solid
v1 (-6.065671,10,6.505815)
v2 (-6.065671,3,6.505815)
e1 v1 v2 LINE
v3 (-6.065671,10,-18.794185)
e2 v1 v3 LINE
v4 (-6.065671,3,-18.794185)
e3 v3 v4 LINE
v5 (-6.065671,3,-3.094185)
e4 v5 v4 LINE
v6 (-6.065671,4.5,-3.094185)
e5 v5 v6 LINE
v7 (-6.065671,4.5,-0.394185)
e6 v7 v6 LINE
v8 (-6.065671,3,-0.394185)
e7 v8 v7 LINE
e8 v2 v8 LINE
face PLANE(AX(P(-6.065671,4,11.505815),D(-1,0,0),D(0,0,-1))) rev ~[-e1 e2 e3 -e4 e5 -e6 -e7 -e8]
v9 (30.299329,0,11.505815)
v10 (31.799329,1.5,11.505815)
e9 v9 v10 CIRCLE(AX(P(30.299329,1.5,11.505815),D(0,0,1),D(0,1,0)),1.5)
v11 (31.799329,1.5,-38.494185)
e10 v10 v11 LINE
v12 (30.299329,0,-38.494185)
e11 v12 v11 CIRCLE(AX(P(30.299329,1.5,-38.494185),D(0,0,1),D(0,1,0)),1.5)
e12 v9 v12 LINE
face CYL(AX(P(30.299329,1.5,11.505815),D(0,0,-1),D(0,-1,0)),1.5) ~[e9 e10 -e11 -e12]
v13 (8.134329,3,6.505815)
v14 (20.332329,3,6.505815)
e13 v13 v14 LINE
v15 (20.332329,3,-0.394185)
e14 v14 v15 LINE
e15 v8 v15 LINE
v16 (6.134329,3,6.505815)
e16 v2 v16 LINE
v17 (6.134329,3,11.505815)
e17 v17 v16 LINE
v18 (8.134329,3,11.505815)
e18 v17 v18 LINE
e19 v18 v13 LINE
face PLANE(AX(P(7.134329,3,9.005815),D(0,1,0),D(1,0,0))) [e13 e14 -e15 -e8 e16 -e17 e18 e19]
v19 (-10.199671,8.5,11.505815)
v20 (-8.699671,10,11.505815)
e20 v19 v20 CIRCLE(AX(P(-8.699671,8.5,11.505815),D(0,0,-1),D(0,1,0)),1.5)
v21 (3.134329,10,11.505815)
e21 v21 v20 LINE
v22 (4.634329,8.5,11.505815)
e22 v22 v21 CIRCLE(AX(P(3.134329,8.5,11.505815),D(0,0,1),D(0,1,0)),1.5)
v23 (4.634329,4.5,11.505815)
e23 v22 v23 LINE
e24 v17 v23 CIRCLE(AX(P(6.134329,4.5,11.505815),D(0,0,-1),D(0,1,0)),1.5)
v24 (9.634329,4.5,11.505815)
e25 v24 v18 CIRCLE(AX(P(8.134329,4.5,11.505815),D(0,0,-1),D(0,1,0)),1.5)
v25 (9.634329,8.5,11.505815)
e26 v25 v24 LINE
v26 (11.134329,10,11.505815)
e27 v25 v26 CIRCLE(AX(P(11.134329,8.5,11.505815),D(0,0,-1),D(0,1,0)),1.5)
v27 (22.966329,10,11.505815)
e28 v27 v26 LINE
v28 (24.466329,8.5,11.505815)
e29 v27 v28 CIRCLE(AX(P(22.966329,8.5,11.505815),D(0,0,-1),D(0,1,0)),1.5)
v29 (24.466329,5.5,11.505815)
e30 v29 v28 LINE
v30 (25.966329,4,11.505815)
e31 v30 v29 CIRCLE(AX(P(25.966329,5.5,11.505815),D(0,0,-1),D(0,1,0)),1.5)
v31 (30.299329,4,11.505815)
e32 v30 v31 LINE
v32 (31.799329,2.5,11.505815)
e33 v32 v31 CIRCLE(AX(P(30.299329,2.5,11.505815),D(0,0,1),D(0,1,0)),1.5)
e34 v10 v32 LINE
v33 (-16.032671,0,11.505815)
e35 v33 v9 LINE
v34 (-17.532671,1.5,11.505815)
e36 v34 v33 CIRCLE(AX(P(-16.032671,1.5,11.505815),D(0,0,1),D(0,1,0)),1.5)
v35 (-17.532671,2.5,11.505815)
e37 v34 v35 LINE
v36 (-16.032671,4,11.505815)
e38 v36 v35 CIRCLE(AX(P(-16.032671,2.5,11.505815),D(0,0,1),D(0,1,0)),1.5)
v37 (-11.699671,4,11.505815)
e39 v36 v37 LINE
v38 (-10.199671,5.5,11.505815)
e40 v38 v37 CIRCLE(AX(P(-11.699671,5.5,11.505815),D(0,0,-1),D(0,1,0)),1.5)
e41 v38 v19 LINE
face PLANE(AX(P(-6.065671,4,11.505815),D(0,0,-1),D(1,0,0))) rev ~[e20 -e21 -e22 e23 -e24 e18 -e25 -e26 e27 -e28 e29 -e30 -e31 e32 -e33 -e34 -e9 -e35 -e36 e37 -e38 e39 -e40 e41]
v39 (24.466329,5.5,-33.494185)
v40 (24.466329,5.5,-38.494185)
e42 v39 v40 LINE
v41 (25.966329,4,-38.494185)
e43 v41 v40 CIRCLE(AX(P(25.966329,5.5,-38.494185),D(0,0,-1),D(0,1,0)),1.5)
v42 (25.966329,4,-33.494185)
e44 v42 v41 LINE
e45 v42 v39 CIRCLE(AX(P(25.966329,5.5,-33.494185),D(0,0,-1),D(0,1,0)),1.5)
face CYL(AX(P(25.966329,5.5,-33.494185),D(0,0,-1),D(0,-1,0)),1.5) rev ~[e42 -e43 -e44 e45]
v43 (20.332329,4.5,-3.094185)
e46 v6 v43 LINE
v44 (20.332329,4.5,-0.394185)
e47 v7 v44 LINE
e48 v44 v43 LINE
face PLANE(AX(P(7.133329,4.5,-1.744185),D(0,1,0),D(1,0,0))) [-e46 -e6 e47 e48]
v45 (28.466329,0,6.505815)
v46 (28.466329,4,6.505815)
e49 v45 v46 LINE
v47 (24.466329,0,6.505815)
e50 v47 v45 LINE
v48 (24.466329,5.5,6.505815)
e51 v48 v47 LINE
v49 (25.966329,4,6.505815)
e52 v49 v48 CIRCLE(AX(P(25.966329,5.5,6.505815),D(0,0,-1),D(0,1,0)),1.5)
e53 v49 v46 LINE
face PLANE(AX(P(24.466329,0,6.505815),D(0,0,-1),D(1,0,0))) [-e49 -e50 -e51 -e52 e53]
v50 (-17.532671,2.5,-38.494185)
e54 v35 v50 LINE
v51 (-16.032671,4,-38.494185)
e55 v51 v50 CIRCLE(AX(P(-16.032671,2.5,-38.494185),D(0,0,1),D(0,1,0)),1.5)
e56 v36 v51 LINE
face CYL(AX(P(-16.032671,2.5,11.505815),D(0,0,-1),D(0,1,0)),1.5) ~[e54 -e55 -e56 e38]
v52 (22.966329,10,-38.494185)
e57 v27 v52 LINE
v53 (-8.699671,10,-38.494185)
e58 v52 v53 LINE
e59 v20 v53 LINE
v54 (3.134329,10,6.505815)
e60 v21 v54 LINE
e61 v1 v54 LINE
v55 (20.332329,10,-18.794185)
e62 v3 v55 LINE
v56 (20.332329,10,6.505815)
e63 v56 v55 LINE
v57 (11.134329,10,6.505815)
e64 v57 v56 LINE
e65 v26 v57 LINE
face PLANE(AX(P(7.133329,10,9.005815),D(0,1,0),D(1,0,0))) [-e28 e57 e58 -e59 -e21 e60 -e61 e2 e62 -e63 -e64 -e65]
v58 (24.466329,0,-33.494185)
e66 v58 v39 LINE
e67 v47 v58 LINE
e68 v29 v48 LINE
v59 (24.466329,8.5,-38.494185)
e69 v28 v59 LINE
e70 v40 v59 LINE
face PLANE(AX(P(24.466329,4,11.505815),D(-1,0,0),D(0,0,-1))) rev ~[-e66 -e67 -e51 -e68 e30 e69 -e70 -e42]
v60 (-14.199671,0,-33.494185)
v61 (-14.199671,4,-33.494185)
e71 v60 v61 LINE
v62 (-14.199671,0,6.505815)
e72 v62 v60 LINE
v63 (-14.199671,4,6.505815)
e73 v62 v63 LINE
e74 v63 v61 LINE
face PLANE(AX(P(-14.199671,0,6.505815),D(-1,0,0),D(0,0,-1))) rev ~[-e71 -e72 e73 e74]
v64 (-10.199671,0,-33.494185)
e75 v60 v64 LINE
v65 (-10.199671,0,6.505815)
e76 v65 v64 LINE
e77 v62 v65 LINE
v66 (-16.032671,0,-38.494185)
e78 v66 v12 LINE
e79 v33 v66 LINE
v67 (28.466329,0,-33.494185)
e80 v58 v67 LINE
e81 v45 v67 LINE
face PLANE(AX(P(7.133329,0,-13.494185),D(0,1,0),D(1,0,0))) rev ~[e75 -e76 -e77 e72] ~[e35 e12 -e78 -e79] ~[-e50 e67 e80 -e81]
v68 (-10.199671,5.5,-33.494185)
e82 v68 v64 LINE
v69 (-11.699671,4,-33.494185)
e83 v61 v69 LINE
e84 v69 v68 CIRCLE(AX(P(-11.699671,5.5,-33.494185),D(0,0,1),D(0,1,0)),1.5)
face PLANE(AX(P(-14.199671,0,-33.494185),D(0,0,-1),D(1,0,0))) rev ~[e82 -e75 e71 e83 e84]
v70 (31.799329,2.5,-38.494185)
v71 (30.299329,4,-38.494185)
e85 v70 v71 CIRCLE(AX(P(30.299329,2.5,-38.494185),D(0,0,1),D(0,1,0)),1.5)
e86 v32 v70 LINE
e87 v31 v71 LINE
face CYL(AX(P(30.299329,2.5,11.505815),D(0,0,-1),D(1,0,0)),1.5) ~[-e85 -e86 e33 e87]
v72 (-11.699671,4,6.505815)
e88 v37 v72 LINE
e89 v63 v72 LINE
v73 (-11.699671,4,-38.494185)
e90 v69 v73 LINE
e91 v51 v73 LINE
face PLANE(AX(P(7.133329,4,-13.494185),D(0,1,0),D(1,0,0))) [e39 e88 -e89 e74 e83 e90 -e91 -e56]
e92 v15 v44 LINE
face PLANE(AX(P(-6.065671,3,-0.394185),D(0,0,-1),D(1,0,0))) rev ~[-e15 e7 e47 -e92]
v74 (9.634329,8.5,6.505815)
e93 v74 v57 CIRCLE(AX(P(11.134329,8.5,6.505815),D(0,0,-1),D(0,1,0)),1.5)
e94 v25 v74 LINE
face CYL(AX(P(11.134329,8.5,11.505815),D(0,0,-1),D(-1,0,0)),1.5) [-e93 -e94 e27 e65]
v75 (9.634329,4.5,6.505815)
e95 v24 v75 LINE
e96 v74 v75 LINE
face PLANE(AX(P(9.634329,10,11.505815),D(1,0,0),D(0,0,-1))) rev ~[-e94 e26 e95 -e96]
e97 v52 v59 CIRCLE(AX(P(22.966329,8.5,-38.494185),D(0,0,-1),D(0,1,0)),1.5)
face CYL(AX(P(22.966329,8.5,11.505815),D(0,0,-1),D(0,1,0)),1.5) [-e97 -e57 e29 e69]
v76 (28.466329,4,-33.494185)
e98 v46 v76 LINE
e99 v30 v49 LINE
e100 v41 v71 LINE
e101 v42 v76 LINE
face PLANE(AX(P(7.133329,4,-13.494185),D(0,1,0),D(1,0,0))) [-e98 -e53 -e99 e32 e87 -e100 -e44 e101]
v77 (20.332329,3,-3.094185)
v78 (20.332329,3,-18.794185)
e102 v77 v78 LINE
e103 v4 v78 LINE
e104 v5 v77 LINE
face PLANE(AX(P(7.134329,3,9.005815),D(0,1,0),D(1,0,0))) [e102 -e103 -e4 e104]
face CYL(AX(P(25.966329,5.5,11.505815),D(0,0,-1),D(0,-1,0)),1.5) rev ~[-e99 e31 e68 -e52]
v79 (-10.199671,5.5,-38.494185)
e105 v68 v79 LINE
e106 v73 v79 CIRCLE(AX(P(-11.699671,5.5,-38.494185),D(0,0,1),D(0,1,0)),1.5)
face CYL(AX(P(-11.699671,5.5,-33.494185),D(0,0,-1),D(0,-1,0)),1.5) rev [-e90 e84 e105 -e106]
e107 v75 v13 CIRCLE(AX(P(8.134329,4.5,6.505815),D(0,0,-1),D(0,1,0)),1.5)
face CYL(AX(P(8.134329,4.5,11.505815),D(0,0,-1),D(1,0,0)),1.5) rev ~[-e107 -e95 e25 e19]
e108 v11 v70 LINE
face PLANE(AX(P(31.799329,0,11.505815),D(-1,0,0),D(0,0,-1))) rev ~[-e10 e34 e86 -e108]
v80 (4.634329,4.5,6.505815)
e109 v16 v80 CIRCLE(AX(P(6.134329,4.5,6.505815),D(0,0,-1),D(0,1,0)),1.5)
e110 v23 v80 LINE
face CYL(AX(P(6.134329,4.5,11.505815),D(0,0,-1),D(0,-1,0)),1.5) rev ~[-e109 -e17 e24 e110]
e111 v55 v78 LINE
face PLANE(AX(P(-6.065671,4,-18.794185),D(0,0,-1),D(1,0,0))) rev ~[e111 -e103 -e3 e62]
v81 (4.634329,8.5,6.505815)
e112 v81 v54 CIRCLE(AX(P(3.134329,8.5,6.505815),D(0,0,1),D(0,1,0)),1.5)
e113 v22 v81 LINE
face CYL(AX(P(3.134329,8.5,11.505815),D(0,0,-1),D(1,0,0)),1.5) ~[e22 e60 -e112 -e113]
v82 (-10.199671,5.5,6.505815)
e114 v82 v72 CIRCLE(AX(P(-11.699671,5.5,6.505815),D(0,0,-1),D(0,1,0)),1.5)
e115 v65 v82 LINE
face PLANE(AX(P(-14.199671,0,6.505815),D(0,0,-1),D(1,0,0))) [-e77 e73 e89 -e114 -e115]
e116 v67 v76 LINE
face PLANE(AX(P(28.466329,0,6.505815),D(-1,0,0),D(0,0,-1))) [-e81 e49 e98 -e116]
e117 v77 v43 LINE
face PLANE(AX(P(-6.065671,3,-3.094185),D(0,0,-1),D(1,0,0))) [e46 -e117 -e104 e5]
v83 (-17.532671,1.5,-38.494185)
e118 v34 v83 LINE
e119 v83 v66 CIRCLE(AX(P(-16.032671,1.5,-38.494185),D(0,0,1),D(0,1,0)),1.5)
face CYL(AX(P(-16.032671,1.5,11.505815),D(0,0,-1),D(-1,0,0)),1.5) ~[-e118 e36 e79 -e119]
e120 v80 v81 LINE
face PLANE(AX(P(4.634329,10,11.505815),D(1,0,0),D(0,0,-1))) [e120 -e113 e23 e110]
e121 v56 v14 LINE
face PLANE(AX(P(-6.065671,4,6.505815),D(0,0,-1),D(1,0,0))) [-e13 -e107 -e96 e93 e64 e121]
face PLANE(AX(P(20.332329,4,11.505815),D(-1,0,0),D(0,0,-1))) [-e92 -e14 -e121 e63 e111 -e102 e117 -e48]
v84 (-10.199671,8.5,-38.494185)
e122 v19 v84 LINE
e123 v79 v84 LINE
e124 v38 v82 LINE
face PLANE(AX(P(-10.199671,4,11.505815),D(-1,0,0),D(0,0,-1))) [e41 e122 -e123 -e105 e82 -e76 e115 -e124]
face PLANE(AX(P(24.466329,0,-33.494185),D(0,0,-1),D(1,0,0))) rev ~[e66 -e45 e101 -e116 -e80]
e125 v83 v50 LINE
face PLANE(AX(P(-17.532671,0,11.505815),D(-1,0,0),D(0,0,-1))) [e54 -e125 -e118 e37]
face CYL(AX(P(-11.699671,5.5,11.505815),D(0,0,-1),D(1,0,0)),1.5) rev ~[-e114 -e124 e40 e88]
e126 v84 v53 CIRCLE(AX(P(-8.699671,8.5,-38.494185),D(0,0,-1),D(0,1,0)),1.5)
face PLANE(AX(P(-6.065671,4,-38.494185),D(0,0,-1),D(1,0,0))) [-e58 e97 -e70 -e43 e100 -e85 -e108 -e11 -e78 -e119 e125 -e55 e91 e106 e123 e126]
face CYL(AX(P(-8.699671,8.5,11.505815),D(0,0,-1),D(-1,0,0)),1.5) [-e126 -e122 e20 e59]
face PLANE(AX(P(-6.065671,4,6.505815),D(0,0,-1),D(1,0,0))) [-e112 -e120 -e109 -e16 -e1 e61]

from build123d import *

# Parameters (mm, degrees)
SKETCH1_W            = 49.332
SKETCH1_H            = 50
SKETCH1_W_2          = 4
SKETCH1_H_2          = 40
BOSS_EXTRUDE1_DEPTH  = 4
SKETCH2_W            = 4.134
SKETCH2_H            = 50
BOSS_EXTRUDE2_DEPTH  = 6
SKETCH8_W            = 4.134
SKETCH8_H            = 50
BOSS_EXTRUDE6_DEPTH  = 6
SKETCH9_W            = 26.398
SKETCH9_H            = 19.7
BOSS_EXTRUDE7_DEPTH  = 6
SKETCH10_W           = 26.398
SKETCH10_H           = 5
BOSS_EXTRUDE8_DEPTH  = 6
SKETCH11_W           = 5
SKETCH11_H           = 5
CUT_EXTRUDE1_DEPTH   = 7
FILLET9_R            = 1.5
FILLET10_R           = 1.5
FILLET13_R           = 1.5
FILLET14_R           = 1.5
FILLET15_R           = 1.5
SKETCH12_W           = 26.398
SKETCH12_H           = 25.3
CUT_EXTRUDE2_DEPTH   = 1
SKETCH13_W           = 26.398
SKETCH13_H           = 2.7
BOSS_EXTRUDE10_DEPTH = 1.5
FILLET18_R           = 1.5
FILLET19_R           = 1.5


with BuildPart() as part:
    # Sketch1 → Boss-Extrude1 (new body)
    with BuildSketch(Plane(origin=(0, 0, 0), x_dir=(1, 0, 0), z_dir=(0, 1, 0))):
        with Locations((7.133329328, 13.494184872)):
            Rectangle(SKETCH1_W, SKETCH1_H)
        with Locations((26.466329328, 13.494184872)):
            Rectangle(SKETCH1_W_2, SKETCH1_H_2, mode=Mode.SUBTRACT)
        with Locations((-12.199670672, 13.494184872)):
            Rectangle(SKETCH1_W_2, SKETCH1_H_2, mode=Mode.SUBTRACT)
    extrude(amount=BOSS_EXTRUDE1_DEPTH)

    # Sketch2 → Boss-Extrude2 (add)
    with BuildSketch(Plane(origin=(0, 4, 0), x_dir=(1, 0, 0), z_dir=(0, 1, 0))):
        with Locations((-8.132670672, 13.494184872)):
            Rectangle(SKETCH2_W, SKETCH2_H)
    extrude(amount=BOSS_EXTRUDE2_DEPTH)

    # Sketch8 → Boss-Extrude6 (add)
    with BuildSketch(Plane(origin=(0, 4, 0), x_dir=(1, 0, 0), z_dir=(0, 1, 0))):
        with Locations((22.399329328, 13.494184872)):
            Rectangle(SKETCH8_W, SKETCH8_H)
    extrude(amount=BOSS_EXTRUDE6_DEPTH)

    # Sketch9 → Boss-Extrude7 (add)
    with BuildSketch(Plane(origin=(0, 4, 0), x_dir=(1, 0, 0), z_dir=(0, 1, 0))):
        with Locations((7.133329328, 28.644184872)):
            Rectangle(SKETCH9_W, SKETCH9_H)
    extrude(amount=BOSS_EXTRUDE7_DEPTH)

    # Sketch10 → Boss-Extrude8 (add)
    with BuildSketch(Plane(origin=(0, 4, 0), x_dir=(1, 0, 0), z_dir=(0, 1, 0))):
        with Locations((7.133329328, -9.005815128)):
            Rectangle(SKETCH10_W, SKETCH10_H)
    extrude(amount=BOSS_EXTRUDE8_DEPTH)

    # Sketch11 → Cut-Extrude1 (cut)
    with BuildSketch(Plane(origin=(0, 10, 0), x_dir=(1, 0, 0), z_dir=(0, 1, 0))):
        with Locations((7.134329328, -9.005815128)):
            Rectangle(SKETCH11_W, SKETCH11_H)
    extrude(amount=-CUT_EXTRUDE1_DEPTH, mode=Mode.SUBTRACT)

    # Fillet9
    fillet9_edges = [part.edges().sort_by_distance(p)[0] for p in [
        (-10.199670672, 4, 9.005815128),
    ]]
    fillet(fillet9_edges, radius=FILLET9_R)

    # Fillet10
    fillet10_edges = [part.edges().sort_by_distance(p)[0] for p in [
        (-10.199670672, 4, -35.994184872),
    ]]
    fillet(fillet10_edges, radius=FILLET10_R)

    # Fillet13
    fillet13_edges = [part.edges().sort_by_distance(p)[0] for p in [
        (24.466329328, 4, -35.994184872),
    ]]
    fillet(fillet13_edges, radius=FILLET13_R)

    # Fillet14
    fillet14_edges = [part.edges().sort_by_distance(p)[0] for p in [
        (24.466329328, 4, 9.005815128),
    ]]
    fillet(fillet14_edges, radius=FILLET14_R)

    # Fillet15
    fillet15_edges = [part.edges().sort_by_distance(p)[0] for p in [
        (4.634329328, 10, 9.005815128),
        (9.634329328, 10, 9.005815128),
        (31.799329328, 4, -13.494184872),
        (-10.199670672, 10, -13.494184872),
        (-17.532670672, 4, -13.494184872),
        (31.799329328, 0, -13.494184872),
        (-17.532670672, 0, -13.494184872),
        (24.466329328, 10, -13.494184872),
    ]]
    fillet(fillet15_edges, radius=FILLET15_R)

    # Sketch12 → Cut-Extrude2 (cut)
    with BuildSketch(Plane(origin=(0, 4, 0), x_dir=(1, 0, 0), z_dir=(0, 1, 0))):
        with Locations((7.133329328, 6.144184872)):
            Rectangle(SKETCH12_W, SKETCH12_H)
    extrude(amount=-CUT_EXTRUDE2_DEPTH, mode=Mode.SUBTRACT)

    # Sketch13 → Boss-Extrude10 (add)
    with BuildSketch(Plane(origin=(0, 3, 0), x_dir=(1, 0, 0), z_dir=(0, 1, 0))):
        with Locations((7.133329328, 1.744184872)):
            Rectangle(SKETCH13_W, SKETCH13_H)
    extrude(amount=BOSS_EXTRUDE10_DEPTH)

    # Fillet18
    fillet18_edges = [part.edges().sort_by_distance(p)[0] for p in [
        (4.634329328, 3, 9.005815128),
    ]]
    fillet(fillet18_edges, radius=FILLET18_R)

    # Fillet19
    fillet19_edges = [part.edges().sort_by_distance(p)[0] for p in [
        (9.634329328, 3, 9.005815128),
    ]]
    fillet(fillet19_edges, radius=FILLET19_R)


solid = part.part
